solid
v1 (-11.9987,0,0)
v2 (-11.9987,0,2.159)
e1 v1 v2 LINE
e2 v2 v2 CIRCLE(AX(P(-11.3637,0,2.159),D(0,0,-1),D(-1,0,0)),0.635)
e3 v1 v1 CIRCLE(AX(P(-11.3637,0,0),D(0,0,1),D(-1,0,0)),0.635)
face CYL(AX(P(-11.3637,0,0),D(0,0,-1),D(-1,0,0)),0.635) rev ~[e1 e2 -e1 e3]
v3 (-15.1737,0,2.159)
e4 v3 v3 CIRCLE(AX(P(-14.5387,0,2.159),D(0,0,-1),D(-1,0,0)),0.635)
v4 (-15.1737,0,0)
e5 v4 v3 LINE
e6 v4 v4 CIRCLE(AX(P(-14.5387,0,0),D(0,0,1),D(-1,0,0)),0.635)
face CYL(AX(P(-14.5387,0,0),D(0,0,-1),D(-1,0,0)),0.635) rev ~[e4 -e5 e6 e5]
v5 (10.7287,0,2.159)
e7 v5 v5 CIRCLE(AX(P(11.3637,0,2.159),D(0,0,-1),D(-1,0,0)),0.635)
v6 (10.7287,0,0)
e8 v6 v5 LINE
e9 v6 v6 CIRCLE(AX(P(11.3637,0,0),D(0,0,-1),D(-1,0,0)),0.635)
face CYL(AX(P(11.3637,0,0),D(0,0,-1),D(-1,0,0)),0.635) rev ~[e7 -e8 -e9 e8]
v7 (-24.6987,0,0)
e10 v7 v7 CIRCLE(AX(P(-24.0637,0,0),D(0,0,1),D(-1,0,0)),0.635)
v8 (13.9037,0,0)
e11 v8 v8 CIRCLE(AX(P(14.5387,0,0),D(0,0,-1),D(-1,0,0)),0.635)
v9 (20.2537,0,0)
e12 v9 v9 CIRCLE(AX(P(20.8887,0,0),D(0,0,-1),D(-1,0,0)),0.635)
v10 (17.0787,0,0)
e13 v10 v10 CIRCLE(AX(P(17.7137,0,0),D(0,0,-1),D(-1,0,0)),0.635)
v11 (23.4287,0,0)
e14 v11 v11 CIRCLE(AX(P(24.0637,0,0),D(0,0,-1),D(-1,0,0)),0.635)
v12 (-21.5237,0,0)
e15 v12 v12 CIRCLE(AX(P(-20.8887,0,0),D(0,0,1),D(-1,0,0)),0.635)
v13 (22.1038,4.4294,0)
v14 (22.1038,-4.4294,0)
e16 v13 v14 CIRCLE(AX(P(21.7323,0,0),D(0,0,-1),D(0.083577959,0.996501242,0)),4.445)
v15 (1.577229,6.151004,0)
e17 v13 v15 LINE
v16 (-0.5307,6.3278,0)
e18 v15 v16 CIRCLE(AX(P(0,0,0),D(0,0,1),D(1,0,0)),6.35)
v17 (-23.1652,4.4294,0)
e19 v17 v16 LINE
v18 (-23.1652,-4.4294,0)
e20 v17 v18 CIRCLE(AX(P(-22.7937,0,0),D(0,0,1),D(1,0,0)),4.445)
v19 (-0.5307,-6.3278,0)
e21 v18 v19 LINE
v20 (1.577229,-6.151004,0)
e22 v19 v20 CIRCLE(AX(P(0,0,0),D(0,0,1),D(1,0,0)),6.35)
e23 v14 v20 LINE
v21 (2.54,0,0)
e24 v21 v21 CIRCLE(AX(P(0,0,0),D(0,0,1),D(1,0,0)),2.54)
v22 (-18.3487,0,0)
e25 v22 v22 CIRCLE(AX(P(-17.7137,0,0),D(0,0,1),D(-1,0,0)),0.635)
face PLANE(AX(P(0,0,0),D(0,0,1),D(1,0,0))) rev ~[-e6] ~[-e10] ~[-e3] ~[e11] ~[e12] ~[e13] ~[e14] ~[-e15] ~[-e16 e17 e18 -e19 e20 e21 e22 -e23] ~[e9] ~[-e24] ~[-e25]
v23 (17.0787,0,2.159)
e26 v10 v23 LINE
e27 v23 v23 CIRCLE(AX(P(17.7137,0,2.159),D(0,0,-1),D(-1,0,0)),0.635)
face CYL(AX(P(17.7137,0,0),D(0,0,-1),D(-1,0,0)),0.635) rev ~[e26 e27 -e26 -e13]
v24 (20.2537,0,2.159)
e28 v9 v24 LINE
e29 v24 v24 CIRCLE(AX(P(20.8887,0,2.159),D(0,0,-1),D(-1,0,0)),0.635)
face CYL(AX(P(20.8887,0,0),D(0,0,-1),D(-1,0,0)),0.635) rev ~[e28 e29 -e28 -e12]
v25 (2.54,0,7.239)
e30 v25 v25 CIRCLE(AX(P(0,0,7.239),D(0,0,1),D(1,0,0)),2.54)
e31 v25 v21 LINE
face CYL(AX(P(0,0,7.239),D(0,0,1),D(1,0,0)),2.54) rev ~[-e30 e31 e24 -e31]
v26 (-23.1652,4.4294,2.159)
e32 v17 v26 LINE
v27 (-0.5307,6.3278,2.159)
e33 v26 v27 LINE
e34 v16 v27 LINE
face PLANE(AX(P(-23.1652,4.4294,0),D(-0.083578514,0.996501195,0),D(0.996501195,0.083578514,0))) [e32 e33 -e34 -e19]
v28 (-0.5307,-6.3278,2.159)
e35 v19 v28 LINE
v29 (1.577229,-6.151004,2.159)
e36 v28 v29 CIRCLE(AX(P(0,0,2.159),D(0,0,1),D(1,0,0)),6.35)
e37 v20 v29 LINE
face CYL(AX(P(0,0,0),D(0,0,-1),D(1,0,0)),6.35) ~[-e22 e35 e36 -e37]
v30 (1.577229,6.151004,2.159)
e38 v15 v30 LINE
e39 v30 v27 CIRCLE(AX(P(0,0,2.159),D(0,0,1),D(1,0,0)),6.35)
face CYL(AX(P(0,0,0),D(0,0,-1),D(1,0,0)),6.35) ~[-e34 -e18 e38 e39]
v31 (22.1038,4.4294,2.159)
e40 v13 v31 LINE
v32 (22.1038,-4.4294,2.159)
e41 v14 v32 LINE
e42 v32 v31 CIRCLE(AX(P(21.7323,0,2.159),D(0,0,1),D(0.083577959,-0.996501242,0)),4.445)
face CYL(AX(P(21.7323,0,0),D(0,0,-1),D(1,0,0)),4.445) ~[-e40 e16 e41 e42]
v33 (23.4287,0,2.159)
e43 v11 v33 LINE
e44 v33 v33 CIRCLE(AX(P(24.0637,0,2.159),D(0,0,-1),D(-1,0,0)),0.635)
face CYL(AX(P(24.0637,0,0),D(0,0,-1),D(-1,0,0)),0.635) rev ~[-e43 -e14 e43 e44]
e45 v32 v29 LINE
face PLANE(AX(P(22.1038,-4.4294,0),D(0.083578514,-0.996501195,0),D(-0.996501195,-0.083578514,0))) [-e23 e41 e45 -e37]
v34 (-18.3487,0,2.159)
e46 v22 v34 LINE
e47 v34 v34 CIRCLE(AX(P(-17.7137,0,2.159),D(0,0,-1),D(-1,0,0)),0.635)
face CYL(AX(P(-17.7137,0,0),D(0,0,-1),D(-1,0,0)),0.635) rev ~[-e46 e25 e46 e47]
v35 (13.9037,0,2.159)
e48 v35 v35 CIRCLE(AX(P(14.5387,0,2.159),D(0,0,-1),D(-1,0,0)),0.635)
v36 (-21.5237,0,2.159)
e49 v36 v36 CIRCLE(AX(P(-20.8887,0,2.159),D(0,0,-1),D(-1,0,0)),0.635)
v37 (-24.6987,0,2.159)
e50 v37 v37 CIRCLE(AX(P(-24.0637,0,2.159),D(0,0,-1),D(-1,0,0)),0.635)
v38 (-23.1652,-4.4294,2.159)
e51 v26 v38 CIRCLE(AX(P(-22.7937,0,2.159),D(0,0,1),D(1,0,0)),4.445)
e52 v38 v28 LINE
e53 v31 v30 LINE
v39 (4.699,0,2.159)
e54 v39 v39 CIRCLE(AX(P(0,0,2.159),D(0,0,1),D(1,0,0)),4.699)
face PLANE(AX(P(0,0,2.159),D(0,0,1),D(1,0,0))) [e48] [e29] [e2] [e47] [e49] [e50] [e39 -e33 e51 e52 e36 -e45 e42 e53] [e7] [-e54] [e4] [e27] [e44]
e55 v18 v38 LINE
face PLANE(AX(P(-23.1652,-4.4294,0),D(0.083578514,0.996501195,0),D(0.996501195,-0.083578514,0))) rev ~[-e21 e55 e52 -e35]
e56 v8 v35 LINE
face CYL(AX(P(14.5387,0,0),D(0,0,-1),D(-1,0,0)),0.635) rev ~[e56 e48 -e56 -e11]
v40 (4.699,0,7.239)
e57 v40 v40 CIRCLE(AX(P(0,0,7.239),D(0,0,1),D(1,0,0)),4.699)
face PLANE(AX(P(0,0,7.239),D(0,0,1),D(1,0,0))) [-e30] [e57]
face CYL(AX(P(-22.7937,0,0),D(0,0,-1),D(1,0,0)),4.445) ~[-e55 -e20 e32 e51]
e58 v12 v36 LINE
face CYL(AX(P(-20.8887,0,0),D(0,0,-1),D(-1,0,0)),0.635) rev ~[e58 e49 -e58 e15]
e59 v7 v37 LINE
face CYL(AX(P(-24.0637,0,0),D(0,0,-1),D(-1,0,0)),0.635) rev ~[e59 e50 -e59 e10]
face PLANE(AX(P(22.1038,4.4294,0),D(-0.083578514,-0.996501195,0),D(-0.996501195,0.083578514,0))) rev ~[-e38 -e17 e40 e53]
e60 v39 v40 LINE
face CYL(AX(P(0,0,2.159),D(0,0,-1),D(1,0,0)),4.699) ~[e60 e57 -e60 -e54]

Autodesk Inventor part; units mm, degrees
ref_plane "YZ Plane" through (0, 0, 0) normal (1, 0, 0) x (0, 1, 0)
ref_plane "XZ Plane" through (0, 0, 0) normal (0, 1, 0) x (-1, 0, 0)
ref_plane "XY Plane" through (0, 0, 0) normal (0, 0, 1) x (1, 0, 0)
sketch "Sketch2" plane through (0, 0, 0) normal (0, 0, 1) x (1, 0, 0)
  line L0 (-10.4096, 0) -> (10.4096, 0) construction
  circle A0 centre (0, 0) radius 6.35
  circle A1 centre (21.7323, 0) radius 4.445
  circle A2 centre (-22.7937, 0) radius 4.445
  line L1 (-23.1652, 4.4294) -> (-0.5307, 6.3278)
  line L2 (22.1038, 4.4294) -> (-0.5307, 6.3278)
  line L3 (22.1038, -4.4294) -> (-0.5307, -6.3278)
  line L4 (-23.1652, -4.4294) -> (-0.5307, -6.3278)
  dimension "d4" = 12.7
  dimension "d5" = 8.89
  dimension "d6" = 8.89
extrude "Extrusion2" add sketch "Sketch2" along normal blind 2.159
sketch "Sketch3" plane through (0, 0, 2.159) normal (0, 0, 1) x (1, 0, 0)
  circle A0 centre (0, 0) radius 4.699
  dimension "d11" = 9.398
extrude "Extrusion3" add sketch "Sketch3" along normal blind 5.08
sketch "Sketch4" plane through (0, 0, 7.239) normal (0, 0, 1) x (1, 0, 0)
  circle A0 centre (0, 0) radius 2.54
  dimension "d14" = 5.08
extrude "Extrusion4" cut sketch "Sketch4" against normal through all
sketch "Sketch5" plane through (0, 0, 0) normal (0, 0, -1) x (-1, 0, 0)
  circle A0 centre (24.0637, 0) radius 0.635
  arc A1 (23.1652, -4.4294) -> (23.1652, 4.4294) centre (22.7937, 0) ccw projected
  line L0 (24.0637, 0) -> (4.699, 0)
  circle A2 centre (0, 0) radius 4.699 projected
  circle A3 centre (20.8887, 0) radius 0.635
  circle A4 centre (17.7137, 0) radius 0.635
  circle A5 centre (14.5387, 0) radius 0.635
  circle A6 centre (11.3637, 0) radius 0.635
  line L1 (0, 0) -> (0, -5.8284)
  circle A7 centre (-24.0637, 0) radius 0.635
  circle A8 centre (-20.8887, 0) radius 0.635
  circle A9 centre (-17.7137, 0) radius 0.635
  circle A10 centre (-14.5387, 0) radius 0.635
  circle A11 centre (-11.3637, 0) radius 0.635
  dimension "d17" = 1.27
  dimension "d18" = 2.54
  dimension "d21" = 3.175
extrude "Extrusion5" cut sketch "Sketch5" against normal through all contours A0 | A6 L0 | L0 A6 | A5 L0 | L0 A5 | A4 L0 | L0 A4 | A3 L0 | L0 A3 | A7 | A8 | A9 | A10 | A11
equation "\"d6\" = d5"
properties part number "servo arm"
